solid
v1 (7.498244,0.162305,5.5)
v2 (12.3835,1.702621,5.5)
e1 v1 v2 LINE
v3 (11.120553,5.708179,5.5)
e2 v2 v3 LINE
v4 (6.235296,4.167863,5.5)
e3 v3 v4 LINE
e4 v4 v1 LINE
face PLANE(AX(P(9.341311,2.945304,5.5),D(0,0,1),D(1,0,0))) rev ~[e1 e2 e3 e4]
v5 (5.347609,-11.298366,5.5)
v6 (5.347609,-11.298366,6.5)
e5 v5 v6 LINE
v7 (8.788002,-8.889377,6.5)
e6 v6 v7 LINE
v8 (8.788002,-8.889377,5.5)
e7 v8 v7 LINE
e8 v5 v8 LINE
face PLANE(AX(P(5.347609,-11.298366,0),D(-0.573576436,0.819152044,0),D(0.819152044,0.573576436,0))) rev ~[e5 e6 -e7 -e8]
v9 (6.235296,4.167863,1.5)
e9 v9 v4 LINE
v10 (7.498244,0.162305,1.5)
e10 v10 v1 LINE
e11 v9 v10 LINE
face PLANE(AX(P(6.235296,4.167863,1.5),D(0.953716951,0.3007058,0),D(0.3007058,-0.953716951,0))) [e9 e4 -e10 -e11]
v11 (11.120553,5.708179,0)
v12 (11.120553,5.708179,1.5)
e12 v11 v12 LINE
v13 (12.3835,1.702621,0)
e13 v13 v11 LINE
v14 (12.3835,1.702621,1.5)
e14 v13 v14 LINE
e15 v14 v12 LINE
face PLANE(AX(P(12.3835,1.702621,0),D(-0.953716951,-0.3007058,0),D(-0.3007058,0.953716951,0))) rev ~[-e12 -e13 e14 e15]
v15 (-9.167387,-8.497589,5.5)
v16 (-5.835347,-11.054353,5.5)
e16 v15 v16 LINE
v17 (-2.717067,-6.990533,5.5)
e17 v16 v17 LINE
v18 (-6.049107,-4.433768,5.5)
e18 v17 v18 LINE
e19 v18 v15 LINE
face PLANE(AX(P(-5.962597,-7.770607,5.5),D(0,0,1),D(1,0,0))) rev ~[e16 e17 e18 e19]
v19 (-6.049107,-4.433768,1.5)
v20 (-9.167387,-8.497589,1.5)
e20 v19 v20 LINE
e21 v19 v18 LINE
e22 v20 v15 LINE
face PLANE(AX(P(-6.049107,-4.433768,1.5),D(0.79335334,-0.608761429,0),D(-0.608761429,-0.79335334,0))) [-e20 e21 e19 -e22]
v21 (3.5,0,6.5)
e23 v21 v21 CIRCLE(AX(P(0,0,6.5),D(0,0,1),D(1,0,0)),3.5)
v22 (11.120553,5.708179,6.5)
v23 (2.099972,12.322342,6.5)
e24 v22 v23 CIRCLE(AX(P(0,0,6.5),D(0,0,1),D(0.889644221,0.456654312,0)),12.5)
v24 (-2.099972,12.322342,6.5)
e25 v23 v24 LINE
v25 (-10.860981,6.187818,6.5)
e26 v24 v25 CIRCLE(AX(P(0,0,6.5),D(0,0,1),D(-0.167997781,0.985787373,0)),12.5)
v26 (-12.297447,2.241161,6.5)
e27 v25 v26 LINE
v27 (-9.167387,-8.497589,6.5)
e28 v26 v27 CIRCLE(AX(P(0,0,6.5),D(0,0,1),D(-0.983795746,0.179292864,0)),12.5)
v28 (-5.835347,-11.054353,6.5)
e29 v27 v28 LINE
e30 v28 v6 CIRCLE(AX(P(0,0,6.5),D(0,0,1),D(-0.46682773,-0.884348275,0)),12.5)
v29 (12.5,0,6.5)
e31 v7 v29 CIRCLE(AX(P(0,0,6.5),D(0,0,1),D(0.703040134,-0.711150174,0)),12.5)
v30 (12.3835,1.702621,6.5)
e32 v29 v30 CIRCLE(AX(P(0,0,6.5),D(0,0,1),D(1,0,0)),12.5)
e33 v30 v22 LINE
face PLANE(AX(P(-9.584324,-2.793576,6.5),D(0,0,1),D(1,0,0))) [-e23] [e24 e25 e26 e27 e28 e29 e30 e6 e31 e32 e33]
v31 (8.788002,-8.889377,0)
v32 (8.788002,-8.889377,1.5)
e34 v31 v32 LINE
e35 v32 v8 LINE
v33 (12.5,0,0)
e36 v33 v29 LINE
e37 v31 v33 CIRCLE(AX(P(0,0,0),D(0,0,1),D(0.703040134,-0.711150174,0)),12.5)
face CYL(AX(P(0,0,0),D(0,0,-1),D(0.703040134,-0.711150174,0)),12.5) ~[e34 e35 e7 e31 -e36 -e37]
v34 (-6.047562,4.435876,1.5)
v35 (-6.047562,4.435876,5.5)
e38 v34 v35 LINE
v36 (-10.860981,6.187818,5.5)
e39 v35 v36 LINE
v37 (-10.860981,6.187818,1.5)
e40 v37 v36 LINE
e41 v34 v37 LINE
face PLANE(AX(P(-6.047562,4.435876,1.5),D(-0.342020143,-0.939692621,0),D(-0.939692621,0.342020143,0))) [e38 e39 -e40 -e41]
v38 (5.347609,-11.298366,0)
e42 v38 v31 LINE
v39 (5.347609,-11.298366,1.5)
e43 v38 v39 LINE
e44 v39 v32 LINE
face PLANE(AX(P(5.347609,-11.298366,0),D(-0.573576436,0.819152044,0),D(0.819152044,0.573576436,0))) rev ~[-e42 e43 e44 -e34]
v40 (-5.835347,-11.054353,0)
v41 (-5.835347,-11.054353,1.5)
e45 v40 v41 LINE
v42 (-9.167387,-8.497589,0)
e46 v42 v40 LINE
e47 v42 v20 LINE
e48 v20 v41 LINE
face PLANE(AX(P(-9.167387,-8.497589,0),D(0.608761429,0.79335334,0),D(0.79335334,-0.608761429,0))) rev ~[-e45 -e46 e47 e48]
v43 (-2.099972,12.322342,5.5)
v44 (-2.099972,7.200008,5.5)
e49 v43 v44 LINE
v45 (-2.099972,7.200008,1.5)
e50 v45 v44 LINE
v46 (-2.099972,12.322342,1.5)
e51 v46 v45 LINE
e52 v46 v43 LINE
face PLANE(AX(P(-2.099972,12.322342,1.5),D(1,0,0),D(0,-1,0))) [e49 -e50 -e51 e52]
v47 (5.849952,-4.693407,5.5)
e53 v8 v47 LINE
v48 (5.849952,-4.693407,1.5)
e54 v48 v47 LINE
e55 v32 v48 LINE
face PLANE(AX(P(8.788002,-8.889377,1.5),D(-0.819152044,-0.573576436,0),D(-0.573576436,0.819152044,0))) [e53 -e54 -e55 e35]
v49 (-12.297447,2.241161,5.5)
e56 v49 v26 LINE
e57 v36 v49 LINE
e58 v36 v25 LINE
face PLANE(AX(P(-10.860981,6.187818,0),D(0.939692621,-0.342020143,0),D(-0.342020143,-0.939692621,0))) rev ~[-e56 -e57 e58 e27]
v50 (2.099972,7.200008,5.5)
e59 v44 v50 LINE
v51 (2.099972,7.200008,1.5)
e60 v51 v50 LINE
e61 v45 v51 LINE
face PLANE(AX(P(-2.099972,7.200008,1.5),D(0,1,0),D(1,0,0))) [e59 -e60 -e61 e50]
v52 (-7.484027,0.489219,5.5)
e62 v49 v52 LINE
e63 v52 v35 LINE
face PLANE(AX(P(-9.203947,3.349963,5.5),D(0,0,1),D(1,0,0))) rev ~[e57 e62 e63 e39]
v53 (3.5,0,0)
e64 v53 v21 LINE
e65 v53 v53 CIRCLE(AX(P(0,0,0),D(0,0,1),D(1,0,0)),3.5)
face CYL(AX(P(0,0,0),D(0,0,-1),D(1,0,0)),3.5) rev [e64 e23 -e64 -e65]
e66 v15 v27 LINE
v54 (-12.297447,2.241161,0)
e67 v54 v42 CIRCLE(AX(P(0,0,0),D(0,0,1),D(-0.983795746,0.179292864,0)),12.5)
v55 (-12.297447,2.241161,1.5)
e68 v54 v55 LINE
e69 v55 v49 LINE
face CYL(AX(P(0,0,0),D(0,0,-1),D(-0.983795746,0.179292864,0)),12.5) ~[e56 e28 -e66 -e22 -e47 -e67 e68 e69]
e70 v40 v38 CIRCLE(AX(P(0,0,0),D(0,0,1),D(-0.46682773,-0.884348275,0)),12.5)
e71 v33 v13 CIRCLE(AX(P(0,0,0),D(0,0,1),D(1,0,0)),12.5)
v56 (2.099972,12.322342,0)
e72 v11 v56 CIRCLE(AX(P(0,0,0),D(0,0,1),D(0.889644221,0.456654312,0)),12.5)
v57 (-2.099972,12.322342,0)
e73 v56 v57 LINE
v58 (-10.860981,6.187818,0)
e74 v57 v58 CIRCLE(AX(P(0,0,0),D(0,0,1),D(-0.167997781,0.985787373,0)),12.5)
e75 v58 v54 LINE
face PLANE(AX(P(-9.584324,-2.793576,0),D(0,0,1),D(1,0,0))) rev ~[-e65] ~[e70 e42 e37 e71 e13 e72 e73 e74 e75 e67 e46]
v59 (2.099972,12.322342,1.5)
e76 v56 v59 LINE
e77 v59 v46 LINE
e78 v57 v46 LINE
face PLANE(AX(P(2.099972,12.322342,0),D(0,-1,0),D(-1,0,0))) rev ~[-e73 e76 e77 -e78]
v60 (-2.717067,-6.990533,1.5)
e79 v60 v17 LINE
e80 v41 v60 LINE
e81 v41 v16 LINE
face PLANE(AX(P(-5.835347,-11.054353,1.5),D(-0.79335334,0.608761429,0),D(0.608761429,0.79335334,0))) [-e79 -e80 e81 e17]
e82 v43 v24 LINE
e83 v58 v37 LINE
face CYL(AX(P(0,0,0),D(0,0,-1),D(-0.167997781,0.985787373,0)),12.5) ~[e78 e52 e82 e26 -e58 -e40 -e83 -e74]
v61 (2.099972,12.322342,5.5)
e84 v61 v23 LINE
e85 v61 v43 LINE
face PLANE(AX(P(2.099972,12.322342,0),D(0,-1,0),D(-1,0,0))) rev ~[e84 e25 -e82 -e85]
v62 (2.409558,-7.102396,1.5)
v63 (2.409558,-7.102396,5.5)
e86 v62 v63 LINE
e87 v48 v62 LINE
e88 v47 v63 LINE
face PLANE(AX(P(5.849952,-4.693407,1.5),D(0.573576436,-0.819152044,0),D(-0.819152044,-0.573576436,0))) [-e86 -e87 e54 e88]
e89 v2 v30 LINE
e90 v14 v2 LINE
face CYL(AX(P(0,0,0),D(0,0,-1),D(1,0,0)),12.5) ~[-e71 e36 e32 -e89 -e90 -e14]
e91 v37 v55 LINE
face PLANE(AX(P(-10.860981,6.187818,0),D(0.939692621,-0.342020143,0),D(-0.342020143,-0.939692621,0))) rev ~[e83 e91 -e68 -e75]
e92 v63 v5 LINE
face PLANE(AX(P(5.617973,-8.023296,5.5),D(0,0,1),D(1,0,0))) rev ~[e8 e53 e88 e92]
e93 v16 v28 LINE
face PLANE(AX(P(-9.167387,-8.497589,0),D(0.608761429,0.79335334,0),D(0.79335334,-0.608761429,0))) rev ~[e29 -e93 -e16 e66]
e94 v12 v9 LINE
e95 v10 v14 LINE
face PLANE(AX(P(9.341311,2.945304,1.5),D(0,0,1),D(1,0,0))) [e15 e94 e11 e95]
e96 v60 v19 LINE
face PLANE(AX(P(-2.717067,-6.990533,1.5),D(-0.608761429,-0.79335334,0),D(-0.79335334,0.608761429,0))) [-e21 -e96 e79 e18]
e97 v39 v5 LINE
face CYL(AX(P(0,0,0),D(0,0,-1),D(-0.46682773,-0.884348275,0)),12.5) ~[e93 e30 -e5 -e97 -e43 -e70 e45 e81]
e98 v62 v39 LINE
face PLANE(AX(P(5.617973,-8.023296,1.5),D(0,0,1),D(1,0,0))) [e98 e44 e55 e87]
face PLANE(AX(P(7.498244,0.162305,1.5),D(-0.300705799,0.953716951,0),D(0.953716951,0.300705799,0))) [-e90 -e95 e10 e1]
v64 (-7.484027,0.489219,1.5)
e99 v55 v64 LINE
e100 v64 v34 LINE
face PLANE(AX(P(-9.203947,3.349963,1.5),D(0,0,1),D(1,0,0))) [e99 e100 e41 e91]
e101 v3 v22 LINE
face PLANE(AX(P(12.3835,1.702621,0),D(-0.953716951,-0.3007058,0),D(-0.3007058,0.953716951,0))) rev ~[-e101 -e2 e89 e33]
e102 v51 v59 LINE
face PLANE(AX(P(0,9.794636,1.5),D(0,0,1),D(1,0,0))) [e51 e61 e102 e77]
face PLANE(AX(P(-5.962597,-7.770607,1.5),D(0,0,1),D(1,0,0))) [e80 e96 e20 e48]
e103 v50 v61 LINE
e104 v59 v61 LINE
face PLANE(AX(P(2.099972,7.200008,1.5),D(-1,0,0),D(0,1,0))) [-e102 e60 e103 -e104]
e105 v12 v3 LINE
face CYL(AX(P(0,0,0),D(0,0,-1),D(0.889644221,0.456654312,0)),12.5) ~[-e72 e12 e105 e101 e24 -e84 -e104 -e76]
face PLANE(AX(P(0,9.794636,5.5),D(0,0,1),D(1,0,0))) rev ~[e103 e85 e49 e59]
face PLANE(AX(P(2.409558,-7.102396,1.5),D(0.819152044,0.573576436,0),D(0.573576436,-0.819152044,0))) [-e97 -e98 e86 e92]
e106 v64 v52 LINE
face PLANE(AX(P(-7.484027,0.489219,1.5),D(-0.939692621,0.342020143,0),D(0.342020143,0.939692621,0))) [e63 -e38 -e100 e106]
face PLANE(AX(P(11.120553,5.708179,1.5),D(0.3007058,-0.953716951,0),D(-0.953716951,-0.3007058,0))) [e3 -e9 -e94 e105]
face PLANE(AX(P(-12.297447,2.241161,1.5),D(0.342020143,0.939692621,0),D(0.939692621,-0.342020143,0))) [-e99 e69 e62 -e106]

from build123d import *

# Parameters (mm, degrees)
F0_R     = 3.5
F1_DEPTH = 6.5
F2_START = 1.5
F2_DEPTH = 4


with BuildPart() as f1:
    # F0 (on Top) → F1 (new body)
    with BuildSketch(Plane.XY):
        with BuildLine():
            Line((-9.1673866339, -8.4975892055), (-6.0491072211, -4.4337683552))
            ThreePointArc((-6.0491072211, -4.4337683552), (-7.2003739079, -2.0987176052), (-7.4840272858, 0.4892193627))
            Line((-7.4840272858, 0.4892193627), (-12.2974468195, 2.241160798))
            ThreePointArc((-12.2974468195, 2.241160798), (-12.0006231798, -3.4978626754), (-9.1673866339, -8.4975892055))
        make_face()
        with BuildLine():
            ThreePointArc((-6.0475616592, 4.4358762356), (-4.3018232726, 6.1436403322), (-2.0999722599, 7.2000080908))
            Line((-2.0999722599, 7.2000080908), (-2.0999722599, 12.3223421681))
            ThreePointArc((-2.0999722599, 12.3223421681), (-7.1697054544, 10.2394005536), (-10.8609811929, 6.1878176709))
            Line((-10.8609811929, 6.1878176709), (-6.0475616592, 4.4358762356))
        make_face()
        with BuildLine():
            ThreePointArc((2.0999722599, 7.2000080908), (4.4348223627, 6.048334532), (6.2352959244, 4.1678633297))
            Line((6.2352959244, 4.1678633297), (11.1205527613, 5.7081788938))
            ThreePointArc((11.1205527613, 5.7081788938), (7.3913706045, 10.0805575533), (2.0999722599, 12.3223421681))
            Line((2.0999722599, 12.3223421681), (2.0999722599, 7.2000080908))
        make_face()
        with BuildLine():
            ThreePointArc((7.4982435991, 0.1623050491), (7.4995608869, 0.0811572762), (7.5, 0))
            ThreePointArc((7.5, 0), (7.0754730103, -2.4875051115), (5.849951552, -4.6934067412))
            Line((5.849951552, -4.6934067412), (8.7880016779, -8.8893771722))
            ThreePointArc((8.7880016779, -8.8893771722), (11.5347306205, -4.8166367429), (12.5, 0))
            ThreePointArc((12.5, 0), (12.4708410993, 0.8533008116), (12.383500436, 1.7026206131))
            Line((12.383500436, 1.7026206131), (7.4982435991, 0.1623050491))
        make_face()
        with BuildLine():
            Line((5.3476085387, -11.2983663827), (2.4095584128, -7.1023959517))
            ThreePointArc((2.4095584128, -7.1023959517), (-0.1636116378, -7.4982152031), (-2.7170672074, -6.9905325828))
            Line((-2.7170672074, -6.9905325828), (-5.8353466201, -11.0543534331))
            ThreePointArc((-5.8353466201, -11.0543534331), (-0.2726860629, -12.4970253385), (5.3476085387, -11.2983663827))
        make_face()
        with BuildLine():
            ThreePointArc((-7.4840272858, 0.4892193627), (-7.0476946559, 2.5651510749), (-6.0475616592, 4.4358762356))
            Line((-6.0475616592, 4.4358762356), (-10.8609811929, 6.1878176709))
            Line((-10.8609811929, 6.1878176709), (-12.2974468195, 2.241160798))
            Line((-12.2974468195, 2.241160798), (-7.4840272858, 0.4892193627))
        make_face()
        with BuildLine():
            Line((8.7880016779, -8.8893771722), (5.849951552, -4.6934067412))
            ThreePointArc((5.849951552, -4.6934067412), (4.3018232726, -6.1436403322), (2.4095584128, -7.1023959517))
            Line((2.4095584128, -7.1023959517), (5.3476085387, -11.2983663827))
            Line((5.3476085387, -11.2983663827), (8.7880016779, -8.8893771722))
        make_face()
        with BuildLine():
            Line((-5.8353466201, -11.0543534331), (-2.7170672074, -6.9905325828))
            ThreePointArc((-2.7170672074, -6.9905325828), (-4.5657107176, -5.9501500522), (-6.0491072211, -4.4337683552))
            Line((-6.0491072211, -4.4337683552), (-9.1673866339, -8.4975892055))
            Line((-9.1673866339, -8.4975892055), (-5.8353466201, -11.0543534331))
        make_face()
        with BuildLine():
            Line((-7.4840272858, 0.4892193627), (-6.0475616592, 4.4358762356))
            ThreePointArc((-6.0475616592, 4.4358762356), (-7.0476946559, 2.5651510749), (-7.4840272858, 0.4892193627))
        make_face()
        with BuildLine():
            ThreePointArc((-2.0999722599, 7.2000080908), (0, 7.5), (2.0999722599, 7.2000080908))
            Line((2.0999722599, 7.2000080908), (2.0999722599, 12.3223421681))
            Line((2.0999722599, 12.3223421681), (-2.0999722599, 12.3223421681))
            Line((-2.0999722599, 12.3223421681), (-2.0999722599, 7.2000080908))
        make_face()
        with BuildLine():
            Line((-2.0999722599, 7.2000080908), (2.0999722599, 7.2000080908))
            ThreePointArc((2.0999722599, 7.2000080908), (0, 7.5), (-2.0999722599, 7.2000080908))
        make_face()
        with BuildLine():
            ThreePointArc((-6.0491072211, -4.4337683552), (-4.5657107176, -5.9501500522), (-2.7170672074, -6.9905325828))
            Line((-2.7170672074, -6.9905325828), (-6.0491072211, -4.4337683552))
        make_face()
        with BuildLine():
            ThreePointArc((5.849951552, -4.6934067412), (7.0754730103, -2.4875051115), (7.5, 0))
            ThreePointArc((7.5, 0), (7.4995608869, 0.0811572762), (7.4982435991, 0.1623050491))
            Line((7.4982435991, 0.1623050491), (6.2352959244, 4.1678633297))
            ThreePointArc((6.2352959244, 4.1678633297), (4.4348223627, 6.048334532), (2.0999722599, 7.2000080908))
            Line((2.0999722599, 7.2000080908), (-2.0999722599, 7.2000080908))
            ThreePointArc((-2.0999722599, 7.2000080908), (-4.3018232726, 6.1436403322), (-6.0475616592, 4.4358762356))
            Line((-6.0475616592, 4.4358762356), (-7.4840272858, 0.4892193627))
            ThreePointArc((-7.4840272858, 0.4892193627), (-7.2003739079, -2.0987176052), (-6.0491072211, -4.4337683552))
            Line((-6.0491072211, -4.4337683552), (-2.7170672074, -6.9905325828))
            ThreePointArc((-2.7170672074, -6.9905325828), (-0.1636116378, -7.4982152031), (2.4095584128, -7.1023959517))
            Line((2.4095584128, -7.1023959517), (5.849951552, -4.6934067412))
        make_face()
        Circle(F0_R, mode=Mode.SUBTRACT)
        with BuildLine():
            ThreePointArc((2.4095584128, -7.1023959517), (4.3018232726, -6.1436403322), (5.849951552, -4.6934067412))
            Line((5.849951552, -4.6934067412), (2.4095584128, -7.1023959517))
        make_face()
        with BuildLine():
            Line((6.2352959244, 4.1678633297), (7.4982435991, 0.1623050491))
            ThreePointArc((7.4982435991, 0.1623050491), (7.1528771306, 2.2552934963), (6.2352959244, 4.1678633297))
        make_face()
        with BuildLine():
            ThreePointArc((6.2352959244, 4.1678633297), (7.1528771306, 2.2552934963), (7.4982435991, 0.1623050491))
            Line((7.4982435991, 0.1623050491), (12.383500436, 1.7026206131))
            Line((12.383500436, 1.7026206131), (11.1205527613, 5.7081788938))
            Line((11.1205527613, 5.7081788938), (6.2352959244, 4.1678633297))
        make_face()
    extrude(amount=F1_DEPTH)

    # F0 (on Top) → F2 (cut)
    with BuildSketch(Plane.XY.offset(F2_START)):
        with BuildLine():
            Line((-5.8353466201, -11.0543534331), (-2.7170672074, -6.9905325828))
            ThreePointArc((-2.7170672074, -6.9905325828), (-4.5657107176, -5.9501500522), (-6.0491072211, -4.4337683552))
            Line((-6.0491072211, -4.4337683552), (-9.1673866339, -8.4975892055))
            Line((-9.1673866339, -8.4975892055), (-5.8353466201, -11.0543534331))
        make_face()
        with BuildLine():
            ThreePointArc((-6.0491072211, -4.4337683552), (-4.5657107176, -5.9501500522), (-2.7170672074, -6.9905325828))
            Line((-2.7170672074, -6.9905325828), (-6.0491072211, -4.4337683552))
        make_face()
        with BuildLine():
            ThreePointArc((-7.4840272858, 0.4892193627), (-7.0476946559, 2.5651510749), (-6.0475616592, 4.4358762356))
            Line((-6.0475616592, 4.4358762356), (-10.8609811929, 6.1878176709))
            Line((-10.8609811929, 6.1878176709), (-12.2974468195, 2.241160798))
            Line((-12.2974468195, 2.241160798), (-7.4840272858, 0.4892193627))
        make_face()
        with BuildLine():
            Line((-7.4840272858, 0.4892193627), (-6.0475616592, 4.4358762356))
            ThreePointArc((-6.0475616592, 4.4358762356), (-7.0476946559, 2.5651510749), (-7.4840272858, 0.4892193627))
        make_face()
        with BuildLine():
            ThreePointArc((-2.0999722599, 7.2000080908), (0, 7.5), (2.0999722599, 7.2000080908))
            Line((2.0999722599, 7.2000080908), (2.0999722599, 12.3223421681))
            Line((2.0999722599, 12.3223421681), (-2.0999722599, 12.3223421681))
            Line((-2.0999722599, 12.3223421681), (-2.0999722599, 7.2000080908))
        make_face()
        with BuildLine():
            Line((-2.0999722599, 7.2000080908), (2.0999722599, 7.2000080908))
            ThreePointArc((2.0999722599, 7.2000080908), (0, 7.5), (-2.0999722599, 7.2000080908))
        make_face()
        with BuildLine():
            ThreePointArc((6.2352959244, 4.1678633297), (7.1528771306, 2.2552934963), (7.4982435991, 0.1623050491))
            Line((7.4982435991, 0.1623050491), (12.383500436, 1.7026206131))
            Line((12.383500436, 1.7026206131), (11.1205527613, 5.7081788938))
            Line((11.1205527613, 5.7081788938), (6.2352959244, 4.1678633297))
        make_face()
        with BuildLine():
            Line((6.2352959244, 4.1678633297), (7.4982435991, 0.1623050491))
            ThreePointArc((7.4982435991, 0.1623050491), (7.1528771306, 2.2552934963), (6.2352959244, 4.1678633297))
        make_face()
        with BuildLine():
            Line((8.7880016779, -8.8893771722), (5.849951552, -4.6934067412))
            ThreePointArc((5.849951552, -4.6934067412), (4.3018232726, -6.1436403322), (2.4095584128, -7.1023959517))
            Line((2.4095584128, -7.1023959517), (5.3476085387, -11.2983663827))
            Line((5.3476085387, -11.2983663827), (8.7880016779, -8.8893771722))
        make_face()
        with BuildLine():
            ThreePointArc((2.4095584128, -7.1023959517), (4.3018232726, -6.1436403322), (5.849951552, -4.6934067412))
            Line((5.849951552, -4.6934067412), (2.4095584128, -7.1023959517))
        make_face()
    extrude(amount=F2_DEPTH, mode=Mode.SUBTRACT)


solid = f1.part
